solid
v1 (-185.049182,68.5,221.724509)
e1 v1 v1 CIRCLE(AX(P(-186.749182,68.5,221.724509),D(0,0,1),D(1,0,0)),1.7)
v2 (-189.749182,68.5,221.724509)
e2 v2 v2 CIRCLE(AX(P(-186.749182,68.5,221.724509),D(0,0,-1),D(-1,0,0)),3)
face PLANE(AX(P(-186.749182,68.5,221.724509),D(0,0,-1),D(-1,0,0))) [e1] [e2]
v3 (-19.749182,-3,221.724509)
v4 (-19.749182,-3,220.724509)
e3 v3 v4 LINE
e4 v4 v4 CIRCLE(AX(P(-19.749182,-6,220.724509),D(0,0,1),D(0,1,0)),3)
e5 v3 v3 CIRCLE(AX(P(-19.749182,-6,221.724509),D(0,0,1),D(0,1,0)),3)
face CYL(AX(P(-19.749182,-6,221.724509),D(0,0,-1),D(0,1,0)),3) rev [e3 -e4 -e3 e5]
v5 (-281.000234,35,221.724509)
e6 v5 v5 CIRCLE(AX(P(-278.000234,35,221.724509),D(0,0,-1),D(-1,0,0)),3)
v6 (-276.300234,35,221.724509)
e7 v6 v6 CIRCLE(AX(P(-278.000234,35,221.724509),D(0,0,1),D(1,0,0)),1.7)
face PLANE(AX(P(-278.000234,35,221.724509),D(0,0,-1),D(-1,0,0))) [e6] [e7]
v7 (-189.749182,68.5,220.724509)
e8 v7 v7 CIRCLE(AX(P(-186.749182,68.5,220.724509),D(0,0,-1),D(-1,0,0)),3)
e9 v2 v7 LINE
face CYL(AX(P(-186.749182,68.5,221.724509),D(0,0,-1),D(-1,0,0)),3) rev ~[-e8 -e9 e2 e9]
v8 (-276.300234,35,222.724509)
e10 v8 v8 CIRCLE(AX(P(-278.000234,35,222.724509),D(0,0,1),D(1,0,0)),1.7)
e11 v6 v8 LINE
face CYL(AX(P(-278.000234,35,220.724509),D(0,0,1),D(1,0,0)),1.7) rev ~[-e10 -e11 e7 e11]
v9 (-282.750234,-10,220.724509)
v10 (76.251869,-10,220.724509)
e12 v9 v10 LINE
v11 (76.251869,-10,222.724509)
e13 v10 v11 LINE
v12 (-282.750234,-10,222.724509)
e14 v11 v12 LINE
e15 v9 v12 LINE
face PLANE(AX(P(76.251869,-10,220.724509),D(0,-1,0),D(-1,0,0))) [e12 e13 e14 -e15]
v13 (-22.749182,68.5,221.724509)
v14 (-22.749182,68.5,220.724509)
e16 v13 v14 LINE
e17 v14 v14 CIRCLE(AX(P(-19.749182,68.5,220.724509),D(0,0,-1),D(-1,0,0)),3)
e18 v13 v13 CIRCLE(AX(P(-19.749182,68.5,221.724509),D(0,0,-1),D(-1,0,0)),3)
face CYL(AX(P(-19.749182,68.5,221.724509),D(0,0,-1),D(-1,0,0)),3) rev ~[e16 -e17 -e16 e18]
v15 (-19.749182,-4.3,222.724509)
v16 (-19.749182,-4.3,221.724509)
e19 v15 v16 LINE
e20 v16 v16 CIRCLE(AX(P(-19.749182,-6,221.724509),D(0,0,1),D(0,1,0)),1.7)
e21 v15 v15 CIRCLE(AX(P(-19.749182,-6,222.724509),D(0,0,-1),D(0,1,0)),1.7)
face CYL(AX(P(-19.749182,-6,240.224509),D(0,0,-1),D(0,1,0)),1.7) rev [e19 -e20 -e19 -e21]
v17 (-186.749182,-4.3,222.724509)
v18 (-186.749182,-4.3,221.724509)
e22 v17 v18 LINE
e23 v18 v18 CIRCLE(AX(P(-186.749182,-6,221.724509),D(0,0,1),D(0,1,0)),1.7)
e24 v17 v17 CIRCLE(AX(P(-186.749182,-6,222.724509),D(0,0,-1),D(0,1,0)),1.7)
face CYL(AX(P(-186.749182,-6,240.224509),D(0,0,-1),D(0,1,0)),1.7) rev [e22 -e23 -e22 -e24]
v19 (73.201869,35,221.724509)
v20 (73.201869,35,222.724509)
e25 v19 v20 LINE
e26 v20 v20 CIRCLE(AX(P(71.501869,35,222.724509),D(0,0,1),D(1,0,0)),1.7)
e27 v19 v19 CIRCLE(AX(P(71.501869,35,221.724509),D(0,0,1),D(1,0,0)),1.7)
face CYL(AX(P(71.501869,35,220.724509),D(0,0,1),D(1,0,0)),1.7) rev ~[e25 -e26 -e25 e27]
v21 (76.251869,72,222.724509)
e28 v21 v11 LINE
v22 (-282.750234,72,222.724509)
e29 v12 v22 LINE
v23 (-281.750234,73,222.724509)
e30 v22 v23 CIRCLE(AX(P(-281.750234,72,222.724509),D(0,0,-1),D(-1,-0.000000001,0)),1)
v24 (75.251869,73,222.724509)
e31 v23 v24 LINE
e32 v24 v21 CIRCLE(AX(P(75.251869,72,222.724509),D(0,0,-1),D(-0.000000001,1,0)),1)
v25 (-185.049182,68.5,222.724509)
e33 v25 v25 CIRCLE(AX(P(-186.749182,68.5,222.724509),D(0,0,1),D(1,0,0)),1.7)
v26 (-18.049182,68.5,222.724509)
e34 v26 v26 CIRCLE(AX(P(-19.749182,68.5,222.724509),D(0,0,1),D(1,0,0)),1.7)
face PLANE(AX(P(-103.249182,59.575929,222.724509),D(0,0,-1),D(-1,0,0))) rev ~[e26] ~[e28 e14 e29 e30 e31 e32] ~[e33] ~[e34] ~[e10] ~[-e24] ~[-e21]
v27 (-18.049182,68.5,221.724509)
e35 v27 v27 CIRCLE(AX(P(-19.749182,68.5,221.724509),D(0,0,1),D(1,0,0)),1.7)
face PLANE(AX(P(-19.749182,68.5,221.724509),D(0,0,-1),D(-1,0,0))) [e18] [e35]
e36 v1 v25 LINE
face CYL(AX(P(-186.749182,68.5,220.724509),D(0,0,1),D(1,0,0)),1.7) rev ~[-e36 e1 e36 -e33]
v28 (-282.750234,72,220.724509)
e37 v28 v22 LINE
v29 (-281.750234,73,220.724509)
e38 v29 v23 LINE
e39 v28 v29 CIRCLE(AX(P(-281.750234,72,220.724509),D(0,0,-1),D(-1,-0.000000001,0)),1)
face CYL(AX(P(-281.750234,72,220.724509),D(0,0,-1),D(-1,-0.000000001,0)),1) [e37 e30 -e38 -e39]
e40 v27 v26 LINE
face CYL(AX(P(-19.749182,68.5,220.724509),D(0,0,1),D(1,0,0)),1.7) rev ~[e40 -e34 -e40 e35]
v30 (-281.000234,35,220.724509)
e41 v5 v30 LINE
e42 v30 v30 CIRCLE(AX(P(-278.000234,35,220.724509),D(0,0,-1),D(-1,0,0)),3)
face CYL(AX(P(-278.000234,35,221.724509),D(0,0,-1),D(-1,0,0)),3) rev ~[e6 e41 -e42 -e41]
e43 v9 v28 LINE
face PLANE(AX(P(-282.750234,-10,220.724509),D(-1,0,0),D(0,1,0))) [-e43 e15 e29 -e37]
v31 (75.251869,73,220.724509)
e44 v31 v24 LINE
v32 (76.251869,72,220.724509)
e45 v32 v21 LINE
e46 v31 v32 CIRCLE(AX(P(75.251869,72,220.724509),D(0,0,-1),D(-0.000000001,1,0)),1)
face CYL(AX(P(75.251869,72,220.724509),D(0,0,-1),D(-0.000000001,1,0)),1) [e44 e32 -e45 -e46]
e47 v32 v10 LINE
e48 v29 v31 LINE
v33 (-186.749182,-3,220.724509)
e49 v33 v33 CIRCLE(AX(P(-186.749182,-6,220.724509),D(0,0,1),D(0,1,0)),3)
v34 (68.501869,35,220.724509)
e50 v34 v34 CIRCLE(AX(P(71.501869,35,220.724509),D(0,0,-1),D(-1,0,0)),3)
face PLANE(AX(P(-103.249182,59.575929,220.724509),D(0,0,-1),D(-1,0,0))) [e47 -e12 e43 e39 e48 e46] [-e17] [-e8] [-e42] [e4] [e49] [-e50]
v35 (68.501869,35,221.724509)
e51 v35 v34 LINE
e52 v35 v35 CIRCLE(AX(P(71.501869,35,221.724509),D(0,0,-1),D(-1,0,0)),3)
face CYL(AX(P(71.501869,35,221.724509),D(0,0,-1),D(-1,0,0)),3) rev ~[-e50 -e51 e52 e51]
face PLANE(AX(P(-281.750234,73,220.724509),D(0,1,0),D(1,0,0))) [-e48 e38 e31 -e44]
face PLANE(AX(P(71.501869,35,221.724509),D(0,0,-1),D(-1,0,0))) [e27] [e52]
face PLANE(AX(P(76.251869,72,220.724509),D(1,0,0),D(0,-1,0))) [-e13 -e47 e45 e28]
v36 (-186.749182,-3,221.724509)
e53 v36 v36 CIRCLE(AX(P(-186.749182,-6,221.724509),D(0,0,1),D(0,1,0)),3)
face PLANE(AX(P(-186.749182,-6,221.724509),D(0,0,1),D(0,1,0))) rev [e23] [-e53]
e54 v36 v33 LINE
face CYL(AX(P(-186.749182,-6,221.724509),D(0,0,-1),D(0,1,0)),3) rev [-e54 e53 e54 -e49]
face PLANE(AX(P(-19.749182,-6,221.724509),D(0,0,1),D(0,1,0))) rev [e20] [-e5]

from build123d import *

# Parameters (mm, degrees)
EXTRUDE_1_DEPTH            = 2
HOLE_WIZARD_2_D            = 3.4
HOLE_WIZARD_2_DEPTH        = 7.5
HOLE_WIZARD_2_CBORE_D      = 6
HOLE_WIZARD_2_CBORE_DEPTH  = 1
HOLE_WIZARD_2_TIP          = 1.021463052
CUT_EXTRUDE_1_DEPTH        = 3
HOLE_WIZARD_2_2_AT_2_COUNT = 2
HOLE_WIZARD_2_2_AT_2_PITCH = 167
EXTRUDE_3_DEPTH            = 2


with BuildPart() as part:
    # 草图1 → 凸台-拉伸1 (new body)
    with BuildSketch(Plane(origin=(0, 0, 222.724508868), x_dir=(-1, 0, 0), z_dir=(0, 0, -1))):
        with BuildLine():
            Line((-76.251869293, -10), (282.750233779, -10))
            Line((282.750233779, -10), (282.750233779, 70))
            ThreePointArc((282.750233779, 70), (281.871554123, 72.121320344), (279.750233779, 73))
            Line((279.750233779, 73), (-73.251869293, 73))
            ThreePointArc((-73.251869293, 73), (-75.373189637, 72.121320344), (-76.251869293, 70))
            Line((-76.251869293, 70), (-76.251869293, -10))
        make_face()
    extrude(amount=EXTRUDE_1_DEPTH)

    # Hole Wizard 2
    with Locations(Plane(origin=(71.501869293, 35, 220.724508868), x_dir=(-1, 0, 0), z_dir=(0, 0, -1))):
        with Locations((0, 0), (91.251051536, 33.5), (258.251051536, 33.5), (349.502103072, 0)):
            CounterBoreHole(HOLE_WIZARD_2_D / 2, HOLE_WIZARD_2_CBORE_D / 2, HOLE_WIZARD_2_CBORE_DEPTH, depth=HOLE_WIZARD_2_DEPTH)
            with Locations((0, 0, -(HOLE_WIZARD_2_DEPTH + HOLE_WIZARD_2_TIP / 2))):  # 118° drill point
                Cone(0, HOLE_WIZARD_2_D / 2, HOLE_WIZARD_2_TIP, mode=Mode.SUBTRACT)

    # 草图4 → 切除-拉伸1 (cut, through all)
    with BuildSketch(Plane(origin=(0, 0, 220.724508868), x_dir=(-1, 0, 0), z_dir=(0, 0, -1))):
        with BuildLine():
            Line((-76.251869293, 70), (-76.251869293, -10))
            Line((-76.251869293, -10), (-75.751869293, -10))
            Line((-75.751869293, -10), (-75.751869293, 70))
            ThreePointArc((-75.751869293, 70), (-75.019636246, 71.767766953), (-73.251869293, 72.5))
            Line((-73.251869293, 72.5), (279.750233779, 72.5))
            ThreePointArc((279.750233779, 72.5), (281.518000732, 71.767766953), (282.250233779, 70))
            Line((282.250233779, 70), (282.250233779, -10))
            Line((282.250233779, -10), (282.750233779, -10))
            Line((282.750233779, -10), (282.750233779, 70))
            ThreePointArc((282.750233779, 70), (281.871554123, 72.121320344), (279.750233779, 73))
            Line((279.750233779, 73), (-73.251869293, 73))
            ThreePointArc((-73.251869293, 73), (-75.373189637, 72.121320344), (-76.251869293, 70))
        make_face()
    extrude(amount=-CUT_EXTRUDE_1_DEPTH, mode=Mode.SUBTRACT)

    # 草图5 → Hole Wizard 2 2 (revolve, cut)
    with BuildSketch(Plane(origin=(-19.749182243, -6, 220.724508868), x_dir=(0, 1, 0), z_dir=(1, 0, 0))):
        Polygon((0, 0), (0, 20.521463052), (1.7, 19.5), (1.7, 1), (3, 1), (3, 0), align=None)
    hole_wizard_2_2 = revolve(axis=Axis((-19.749182243, -6, 214.374508868), (0, 0, 1)), mode=Mode.SUBTRACT)

    # Hole Wizard 2 2 at 2: Hole Wizard 2 2 ×2
    with Locations(*[(-i * HOLE_WIZARD_2_2_AT_2_PITCH, 0, 0) for i in range(1, HOLE_WIZARD_2_2_AT_2_COUNT)]):
        add(hole_wizard_2_2, mode=Mode.SUBTRACT)

    # 草图6 → 凸台-拉伸3 (add)
    with BuildSketch(Plane(origin=(0, 0, 220.724508868), x_dir=(-1, 0, 0), z_dir=(0, 0, -1))):
        with BuildLine():
            Line((-76.251869293, 72), (-76.251869293, -10))
            Line((-76.251869293, -10), (-75.751869293, -10))
            Line((-75.751869293, -10), (-75.751869293, 70))
            ThreePointArc((-75.751869293, 70), (-75.019636246, 71.767766953), (-73.251869293, 72.5))
            Line((-73.251869293, 72.5), (279.750233779, 72.5))
            ThreePointArc((279.750233779, 72.5), (281.518000732, 71.767766953), (282.250233779, 70))
            Line((282.250233779, 70), (282.250233779, -10))
            Line((282.250233779, -10), (282.750233779, -10))
            Line((282.750233779, -10), (282.750233779, 72))
            ThreePointArc((282.750233779, 72), (282.457340561, 72.707106781), (281.750233779, 73))
            Line((281.750233779, 73), (-75.251869293, 73))
            ThreePointArc((-75.251869293, 73), (-75.958976075, 72.707106781), (-76.251869293, 72))
        make_face()
    extrude(amount=-EXTRUDE_3_DEPTH)


solid = part.part
